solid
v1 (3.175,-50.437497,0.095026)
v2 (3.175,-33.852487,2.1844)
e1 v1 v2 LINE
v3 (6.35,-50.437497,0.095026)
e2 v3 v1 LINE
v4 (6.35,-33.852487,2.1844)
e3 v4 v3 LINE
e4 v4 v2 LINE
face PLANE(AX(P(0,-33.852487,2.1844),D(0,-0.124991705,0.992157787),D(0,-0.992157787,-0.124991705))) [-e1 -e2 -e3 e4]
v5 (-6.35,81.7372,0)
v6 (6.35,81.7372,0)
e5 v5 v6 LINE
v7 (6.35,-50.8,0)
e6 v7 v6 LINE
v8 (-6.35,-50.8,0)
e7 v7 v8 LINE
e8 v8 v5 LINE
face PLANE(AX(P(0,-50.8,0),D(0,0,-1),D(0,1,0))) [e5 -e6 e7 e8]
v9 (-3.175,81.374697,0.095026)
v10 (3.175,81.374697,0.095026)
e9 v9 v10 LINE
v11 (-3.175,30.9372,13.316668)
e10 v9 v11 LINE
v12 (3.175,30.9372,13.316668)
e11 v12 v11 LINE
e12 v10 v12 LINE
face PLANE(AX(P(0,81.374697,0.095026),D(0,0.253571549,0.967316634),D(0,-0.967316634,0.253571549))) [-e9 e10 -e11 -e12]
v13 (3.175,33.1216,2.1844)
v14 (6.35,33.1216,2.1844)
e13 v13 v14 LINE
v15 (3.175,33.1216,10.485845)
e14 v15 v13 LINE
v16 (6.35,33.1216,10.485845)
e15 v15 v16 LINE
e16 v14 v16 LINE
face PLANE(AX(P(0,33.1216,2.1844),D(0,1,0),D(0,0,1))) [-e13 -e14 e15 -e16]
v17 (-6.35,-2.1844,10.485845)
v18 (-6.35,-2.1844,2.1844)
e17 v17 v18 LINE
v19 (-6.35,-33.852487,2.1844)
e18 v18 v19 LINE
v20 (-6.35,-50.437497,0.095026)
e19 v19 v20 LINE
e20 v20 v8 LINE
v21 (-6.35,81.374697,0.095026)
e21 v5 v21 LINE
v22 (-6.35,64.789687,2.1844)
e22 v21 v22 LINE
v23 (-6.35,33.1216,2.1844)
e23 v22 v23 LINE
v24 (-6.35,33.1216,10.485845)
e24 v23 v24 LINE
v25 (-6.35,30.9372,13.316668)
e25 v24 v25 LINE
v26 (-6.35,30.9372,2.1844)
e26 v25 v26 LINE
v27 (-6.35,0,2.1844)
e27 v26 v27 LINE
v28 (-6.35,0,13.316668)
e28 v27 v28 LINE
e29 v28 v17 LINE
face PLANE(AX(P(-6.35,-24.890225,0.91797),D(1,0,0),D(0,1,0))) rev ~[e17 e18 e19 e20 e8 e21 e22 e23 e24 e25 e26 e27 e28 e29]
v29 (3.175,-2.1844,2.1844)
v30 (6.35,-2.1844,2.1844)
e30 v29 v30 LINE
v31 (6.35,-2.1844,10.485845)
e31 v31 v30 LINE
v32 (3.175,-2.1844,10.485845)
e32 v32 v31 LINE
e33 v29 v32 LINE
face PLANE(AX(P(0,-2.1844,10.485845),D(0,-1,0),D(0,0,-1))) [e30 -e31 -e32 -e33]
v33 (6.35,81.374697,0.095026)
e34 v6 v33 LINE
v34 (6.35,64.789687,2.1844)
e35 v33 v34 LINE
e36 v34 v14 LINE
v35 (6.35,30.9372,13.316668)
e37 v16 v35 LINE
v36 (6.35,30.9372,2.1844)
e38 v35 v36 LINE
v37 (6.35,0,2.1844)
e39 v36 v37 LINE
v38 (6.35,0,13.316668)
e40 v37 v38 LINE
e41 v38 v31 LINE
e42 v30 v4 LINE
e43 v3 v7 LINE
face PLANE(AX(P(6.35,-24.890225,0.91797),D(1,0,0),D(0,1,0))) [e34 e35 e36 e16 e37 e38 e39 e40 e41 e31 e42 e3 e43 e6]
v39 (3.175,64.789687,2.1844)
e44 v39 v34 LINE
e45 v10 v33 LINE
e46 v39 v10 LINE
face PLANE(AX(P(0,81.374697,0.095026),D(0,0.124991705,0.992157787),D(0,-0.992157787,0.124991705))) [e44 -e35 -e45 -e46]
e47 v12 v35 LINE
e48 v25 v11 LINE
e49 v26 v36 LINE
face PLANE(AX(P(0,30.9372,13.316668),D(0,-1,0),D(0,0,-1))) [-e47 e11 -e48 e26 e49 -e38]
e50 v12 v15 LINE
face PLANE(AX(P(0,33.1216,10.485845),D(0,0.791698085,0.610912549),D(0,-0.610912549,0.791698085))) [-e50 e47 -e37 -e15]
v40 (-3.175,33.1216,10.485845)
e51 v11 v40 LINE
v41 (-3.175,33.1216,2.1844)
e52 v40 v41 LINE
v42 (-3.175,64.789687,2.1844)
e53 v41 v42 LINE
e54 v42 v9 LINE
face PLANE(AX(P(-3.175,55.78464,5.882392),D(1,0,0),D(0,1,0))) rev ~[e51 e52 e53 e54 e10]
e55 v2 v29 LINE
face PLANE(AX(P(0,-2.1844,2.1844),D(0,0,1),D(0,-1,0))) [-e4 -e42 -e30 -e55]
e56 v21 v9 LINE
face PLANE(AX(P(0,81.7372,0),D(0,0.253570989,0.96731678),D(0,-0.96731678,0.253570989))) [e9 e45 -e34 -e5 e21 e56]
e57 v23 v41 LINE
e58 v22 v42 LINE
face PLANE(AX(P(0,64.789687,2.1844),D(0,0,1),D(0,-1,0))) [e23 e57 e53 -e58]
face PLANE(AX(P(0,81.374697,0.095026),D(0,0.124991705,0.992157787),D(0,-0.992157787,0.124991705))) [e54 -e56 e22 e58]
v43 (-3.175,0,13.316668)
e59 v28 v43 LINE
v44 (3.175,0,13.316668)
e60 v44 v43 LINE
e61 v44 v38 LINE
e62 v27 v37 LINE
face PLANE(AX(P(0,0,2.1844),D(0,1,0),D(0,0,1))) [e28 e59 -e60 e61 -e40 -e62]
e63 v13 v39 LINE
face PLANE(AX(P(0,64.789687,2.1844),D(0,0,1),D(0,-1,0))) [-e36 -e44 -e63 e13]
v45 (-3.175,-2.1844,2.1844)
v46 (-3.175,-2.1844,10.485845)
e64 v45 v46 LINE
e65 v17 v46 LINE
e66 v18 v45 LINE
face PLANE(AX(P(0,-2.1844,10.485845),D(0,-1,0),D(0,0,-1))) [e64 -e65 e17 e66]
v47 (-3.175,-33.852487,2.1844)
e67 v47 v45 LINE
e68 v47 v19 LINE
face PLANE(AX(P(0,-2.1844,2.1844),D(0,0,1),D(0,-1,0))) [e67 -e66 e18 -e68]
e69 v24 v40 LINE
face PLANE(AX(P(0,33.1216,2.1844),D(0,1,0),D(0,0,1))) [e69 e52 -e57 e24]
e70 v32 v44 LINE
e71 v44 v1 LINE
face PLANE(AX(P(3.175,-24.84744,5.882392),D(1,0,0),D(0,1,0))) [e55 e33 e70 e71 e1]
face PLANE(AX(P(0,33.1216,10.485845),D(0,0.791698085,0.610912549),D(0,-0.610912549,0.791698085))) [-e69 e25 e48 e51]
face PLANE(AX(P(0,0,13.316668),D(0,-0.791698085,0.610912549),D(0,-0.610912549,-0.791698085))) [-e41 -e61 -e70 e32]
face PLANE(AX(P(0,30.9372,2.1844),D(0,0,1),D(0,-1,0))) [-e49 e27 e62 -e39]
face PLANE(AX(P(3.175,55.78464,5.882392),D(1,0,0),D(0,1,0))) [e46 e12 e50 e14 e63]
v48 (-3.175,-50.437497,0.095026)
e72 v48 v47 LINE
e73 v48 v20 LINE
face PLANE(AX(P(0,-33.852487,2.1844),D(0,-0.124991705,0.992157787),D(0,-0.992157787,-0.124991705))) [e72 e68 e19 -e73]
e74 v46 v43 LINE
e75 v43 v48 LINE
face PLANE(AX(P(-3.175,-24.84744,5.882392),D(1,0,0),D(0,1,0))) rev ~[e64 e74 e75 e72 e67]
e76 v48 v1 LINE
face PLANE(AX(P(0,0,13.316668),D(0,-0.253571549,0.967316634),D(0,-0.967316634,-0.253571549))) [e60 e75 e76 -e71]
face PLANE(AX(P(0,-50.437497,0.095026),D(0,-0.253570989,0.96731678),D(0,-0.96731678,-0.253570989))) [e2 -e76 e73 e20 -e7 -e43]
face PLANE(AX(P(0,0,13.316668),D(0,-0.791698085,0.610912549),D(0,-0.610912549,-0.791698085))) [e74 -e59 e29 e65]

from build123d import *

# Parameters (mm, degrees)
F0_W          = 30.9372
F0_H          = 2.1844
F1_DEPTH      = 6.35
F1_DEPTH_BACK = 6.35
F2_DEPTH      = 3.175
F2_DEPTH_BACK = 3.175


with BuildPart() as f1:
    # F0 (on Right) → F1 (new body, two sides)
    with BuildSketch(Plane.YZ) as f1_sk:
        Polygon((-50.8, 0), (0, 0), (0, 2.1844), (-2.1844, 2.1844), (-33.852487, 2.1844), (-50.437497, 0.095026), align=None)
        with Locations((15.4686, 1.0922)):
            Rectangle(F0_W, F0_H)
        Polygon((30.9372, 2.1844), (30.9372, 0), (81.7372, 0), (81.374697, 0.095026), (64.789687, 2.1844), (33.1216, 2.1844), align=None)
        Polygon((30.9372, 13.316668), (30.9372, 2.1844), (33.1216, 2.1844), (33.1216, 10.485845), align=None)
        Polygon((-2.1844, 2.1844), (0, 2.1844), (0, 13.316668), (-2.1844, 10.485845), align=None)
    extrude(amount=F1_DEPTH)
    extrude(f1_sk.sketch, amount=-F1_DEPTH_BACK)

    # F0 (on Right) → F2 (join, two sides)
    with BuildSketch(Plane.YZ) as f2_sk:
        Polygon((-2.1844, 10.485845), (0, 13.316668), (-50.437497, 0.095026), (-33.852487, 2.1844), (-10.214526, 8.380835), align=None)
        Polygon((81.374697, 0.095026), (30.9372, 13.316668), (33.1216, 10.485845), (41.151726, 8.380835), (64.789687, 2.1844), align=None)
        Polygon((33.1216, 10.485845), (33.1216, 2.1844), (64.789687, 2.1844), (41.151726, 8.380835), align=None)
        Polygon((-33.852487, 2.1844), (-2.1844, 2.1844), (-2.1844, 10.485845), (-10.214526, 8.380835), align=None)
    extrude(amount=F2_DEPTH)
    extrude(f2_sk.sketch, amount=-F2_DEPTH_BACK)


solid = f1.part
